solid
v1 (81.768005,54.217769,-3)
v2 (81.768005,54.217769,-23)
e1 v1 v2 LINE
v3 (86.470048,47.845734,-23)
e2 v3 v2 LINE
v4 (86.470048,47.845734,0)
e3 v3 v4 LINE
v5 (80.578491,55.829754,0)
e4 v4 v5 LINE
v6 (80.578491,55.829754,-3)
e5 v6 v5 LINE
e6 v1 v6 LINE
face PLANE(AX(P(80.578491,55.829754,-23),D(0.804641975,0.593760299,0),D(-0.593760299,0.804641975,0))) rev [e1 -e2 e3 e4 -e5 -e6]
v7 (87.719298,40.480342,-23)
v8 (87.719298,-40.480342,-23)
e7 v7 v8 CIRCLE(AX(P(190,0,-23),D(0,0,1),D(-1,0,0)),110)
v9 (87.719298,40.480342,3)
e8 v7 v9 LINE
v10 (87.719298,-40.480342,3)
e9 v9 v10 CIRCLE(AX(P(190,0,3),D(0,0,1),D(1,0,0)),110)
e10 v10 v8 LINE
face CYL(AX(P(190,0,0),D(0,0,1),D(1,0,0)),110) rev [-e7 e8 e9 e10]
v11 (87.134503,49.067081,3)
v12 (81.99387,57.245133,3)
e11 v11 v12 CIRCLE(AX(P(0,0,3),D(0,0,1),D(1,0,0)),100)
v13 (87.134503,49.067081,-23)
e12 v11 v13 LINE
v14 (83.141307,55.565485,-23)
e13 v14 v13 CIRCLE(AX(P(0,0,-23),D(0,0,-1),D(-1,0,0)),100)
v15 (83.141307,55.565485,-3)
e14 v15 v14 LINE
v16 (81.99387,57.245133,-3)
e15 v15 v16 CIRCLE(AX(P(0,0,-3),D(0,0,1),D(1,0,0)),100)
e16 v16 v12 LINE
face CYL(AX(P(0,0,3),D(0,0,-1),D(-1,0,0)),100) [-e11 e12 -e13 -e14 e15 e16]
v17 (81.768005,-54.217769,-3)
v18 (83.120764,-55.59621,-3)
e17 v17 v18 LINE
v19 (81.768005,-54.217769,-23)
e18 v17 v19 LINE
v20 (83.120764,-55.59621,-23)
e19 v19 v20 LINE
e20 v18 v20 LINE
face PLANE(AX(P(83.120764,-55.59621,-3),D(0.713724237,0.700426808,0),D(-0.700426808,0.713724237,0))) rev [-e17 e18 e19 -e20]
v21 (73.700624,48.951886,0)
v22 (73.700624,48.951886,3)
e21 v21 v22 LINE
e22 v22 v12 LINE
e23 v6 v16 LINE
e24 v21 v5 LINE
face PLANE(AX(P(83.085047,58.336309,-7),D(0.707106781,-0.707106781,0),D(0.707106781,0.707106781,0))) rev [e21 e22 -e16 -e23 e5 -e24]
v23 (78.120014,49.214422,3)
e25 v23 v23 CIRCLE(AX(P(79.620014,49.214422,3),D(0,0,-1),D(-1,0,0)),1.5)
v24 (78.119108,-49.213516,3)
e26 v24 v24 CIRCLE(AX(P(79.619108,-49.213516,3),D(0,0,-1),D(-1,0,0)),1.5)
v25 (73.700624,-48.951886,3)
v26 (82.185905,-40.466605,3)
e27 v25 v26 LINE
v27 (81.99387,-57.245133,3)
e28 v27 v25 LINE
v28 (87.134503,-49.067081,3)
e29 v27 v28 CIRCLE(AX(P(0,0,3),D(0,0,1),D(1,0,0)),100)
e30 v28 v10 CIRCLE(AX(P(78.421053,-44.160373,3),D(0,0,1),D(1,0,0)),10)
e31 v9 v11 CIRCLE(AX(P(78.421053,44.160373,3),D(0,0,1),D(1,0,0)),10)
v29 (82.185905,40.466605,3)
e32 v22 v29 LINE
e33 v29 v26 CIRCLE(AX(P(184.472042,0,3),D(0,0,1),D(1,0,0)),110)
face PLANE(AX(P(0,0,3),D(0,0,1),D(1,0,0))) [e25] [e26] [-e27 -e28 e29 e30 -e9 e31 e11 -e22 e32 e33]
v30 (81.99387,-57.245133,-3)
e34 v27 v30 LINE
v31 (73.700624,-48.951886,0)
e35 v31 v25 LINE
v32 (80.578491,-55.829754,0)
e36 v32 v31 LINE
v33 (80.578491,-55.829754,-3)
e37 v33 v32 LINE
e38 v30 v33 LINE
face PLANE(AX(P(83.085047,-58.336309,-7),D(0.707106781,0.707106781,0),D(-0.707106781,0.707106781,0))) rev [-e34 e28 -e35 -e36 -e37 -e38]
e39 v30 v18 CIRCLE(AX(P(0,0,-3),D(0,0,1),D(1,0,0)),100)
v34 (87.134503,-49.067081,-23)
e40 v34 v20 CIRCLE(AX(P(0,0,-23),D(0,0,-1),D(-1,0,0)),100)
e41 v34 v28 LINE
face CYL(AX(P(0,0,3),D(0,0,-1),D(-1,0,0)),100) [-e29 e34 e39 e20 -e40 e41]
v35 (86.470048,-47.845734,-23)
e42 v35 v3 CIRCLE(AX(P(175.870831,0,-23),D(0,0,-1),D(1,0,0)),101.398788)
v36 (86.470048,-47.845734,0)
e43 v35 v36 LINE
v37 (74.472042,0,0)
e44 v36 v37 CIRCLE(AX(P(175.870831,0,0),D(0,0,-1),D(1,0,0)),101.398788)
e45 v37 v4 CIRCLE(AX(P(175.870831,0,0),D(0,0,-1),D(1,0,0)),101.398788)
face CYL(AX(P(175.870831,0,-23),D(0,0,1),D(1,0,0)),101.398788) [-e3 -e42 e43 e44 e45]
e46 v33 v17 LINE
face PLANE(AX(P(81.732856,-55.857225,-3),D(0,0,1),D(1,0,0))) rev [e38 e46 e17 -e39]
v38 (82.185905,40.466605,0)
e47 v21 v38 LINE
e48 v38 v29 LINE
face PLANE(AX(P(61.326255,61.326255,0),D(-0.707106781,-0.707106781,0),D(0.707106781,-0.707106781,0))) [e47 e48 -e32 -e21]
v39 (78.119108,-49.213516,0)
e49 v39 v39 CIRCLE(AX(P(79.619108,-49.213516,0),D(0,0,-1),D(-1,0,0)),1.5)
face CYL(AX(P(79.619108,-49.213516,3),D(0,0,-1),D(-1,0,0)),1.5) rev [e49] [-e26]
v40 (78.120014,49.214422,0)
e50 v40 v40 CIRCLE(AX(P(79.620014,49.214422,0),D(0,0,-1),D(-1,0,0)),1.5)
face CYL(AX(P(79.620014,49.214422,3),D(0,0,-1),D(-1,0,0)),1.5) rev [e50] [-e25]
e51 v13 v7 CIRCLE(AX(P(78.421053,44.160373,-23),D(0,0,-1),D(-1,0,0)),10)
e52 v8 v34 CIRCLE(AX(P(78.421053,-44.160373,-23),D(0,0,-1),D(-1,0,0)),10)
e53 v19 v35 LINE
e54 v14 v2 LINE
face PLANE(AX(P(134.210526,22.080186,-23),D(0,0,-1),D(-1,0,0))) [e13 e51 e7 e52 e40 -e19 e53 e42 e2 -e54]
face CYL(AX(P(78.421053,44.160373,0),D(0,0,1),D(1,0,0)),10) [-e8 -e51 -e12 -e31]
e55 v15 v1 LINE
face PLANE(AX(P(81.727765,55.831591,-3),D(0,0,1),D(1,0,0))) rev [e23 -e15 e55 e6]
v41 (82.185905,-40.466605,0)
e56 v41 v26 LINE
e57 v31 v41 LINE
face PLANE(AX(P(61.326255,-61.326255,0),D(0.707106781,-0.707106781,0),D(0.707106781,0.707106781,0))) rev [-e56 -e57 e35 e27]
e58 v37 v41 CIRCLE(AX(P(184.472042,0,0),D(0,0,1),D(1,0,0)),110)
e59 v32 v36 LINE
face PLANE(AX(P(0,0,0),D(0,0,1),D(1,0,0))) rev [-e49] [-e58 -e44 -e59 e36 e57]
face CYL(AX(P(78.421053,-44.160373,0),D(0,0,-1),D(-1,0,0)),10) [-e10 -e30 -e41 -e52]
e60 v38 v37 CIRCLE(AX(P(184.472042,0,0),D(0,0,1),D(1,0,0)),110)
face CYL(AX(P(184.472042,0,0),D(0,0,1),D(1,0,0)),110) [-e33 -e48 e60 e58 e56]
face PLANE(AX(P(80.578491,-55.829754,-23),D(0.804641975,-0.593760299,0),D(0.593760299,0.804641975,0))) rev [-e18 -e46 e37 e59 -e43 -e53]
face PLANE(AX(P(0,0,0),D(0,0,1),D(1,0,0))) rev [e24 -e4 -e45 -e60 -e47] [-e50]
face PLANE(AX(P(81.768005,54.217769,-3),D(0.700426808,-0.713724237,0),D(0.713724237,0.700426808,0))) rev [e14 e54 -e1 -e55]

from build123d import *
from build123d.topology import SkipClean

# Parameters (mm, degrees)
CROQUIS1_R              = 100
SALIENTE_EXTRUIR1_DEPTH = 3
CROQUIS3_R              = 110
CORTAR_EXTRUIR1_DEPTH   = 3
REDONDEO1_R             = 10
CORTAR_EXTRUIR6_DEPTH   = 10
CROQUIS12_R             = 1.5
CORTAR_EXTRUIR7_DEPTH   = 142.453172607
CROQUIS9_R              = 1.5
CROQUIS9_W              = 4.5
CROQUIS9_H              = 8
CROQUIS9_W_2            = 8
CROQUIS9_H_2            = 4.5
CORTAR_EXTRUIR5_DEPTH   = 10
CORTAR_EXTRUIR8_DEPTH   = 142.453172607
CROQUIS16_R             = 1.5
CORTAR_EXTRUIR9_DEPTH   = 106.376884656
SALIENTE_EXTRUIR4_DEPTH = 23
SALIENTE_EXTRUIR9_START = 23
SALIENTE_EXTRUIR9_DEPTH = 23
CORTAR_EXTRUIR12_DEPTH  = 20


with BuildPart() as part:
    # Croquis1 → Saliente-Extruir1 (new body)
    with BuildSketch(Plane.XY):
        Circle(CROQUIS1_R)
    extrude(amount=SALIENTE_EXTRUIR1_DEPTH)

    # Croquis3 → Cortar-Extruir1 (cut)
    with BuildSketch(Plane.XY.offset(3)):
        with Locations((190, 0)):
            Circle(CROQUIS3_R)
    extrude(amount=-CORTAR_EXTRUIR1_DEPTH, mode=Mode.SUBTRACT)

    # Redondeo1
    redondeo1_edges = [part.edges().sort_by_distance(p)[0] for p in [
        (89.473684211, -44.659375654, 1.5),
        (89.473684211, 44.659375654, 1.5),
    ]]
    fillet(redondeo1_edges, radius=REDONDEO1_R)

    # Croquis5 → Cortar-Extruir6 (cut)
    with BuildSketch(Plane.XY.offset(3)):
        Polygon((-58.336309448, -83.085046789), (-83.085046789, -58.336309448), (-65.40737726, -40.658639918), (-40.658639918, -65.40737726), align=None)
        Polygon((-83.085046789, 58.336309448), (-58.336309448, 83.085046789), (-40.658639918, 65.40737726), (-65.40737726, 40.658639918), align=None)
        Polygon((58.336309448, -83.085046789), (83.085046789, -58.336309448), (65.40737726, -40.658639918), (40.658639918, -65.40737726), align=None)
        Polygon((58.336309448, 83.085046789), (83.085046789, 58.336309448), (65.40737726, 40.658639918), (40.658639918, 65.40737726), align=None)
    extrude(amount=-CORTAR_EXTRUIR6_DEPTH, mode=Mode.SUBTRACT)

    # Croquis12 → Cortar-Extruir7 (cut, through all)
    with BuildSketch(Plane.XY.offset(3)):
        with Locations((-63.604254904, -36.804908024)):
            Circle(CROQUIS12_R)
        with Locations((-36.804907897, -63.604255031)):
            Circle(CROQUIS12_R)
        with Locations((-47.666068056, -20.866721176)):
            Circle(CROQUIS12_R)
        with Locations((-20.866721049, -47.666068183)):
            Circle(CROQUIS12_R)
        with Locations((47.666068183, 20.866721049)):
            Circle(CROQUIS12_R)
        with Locations((20.866721176, 47.666068056)):
            Circle(CROQUIS12_R)
        with Locations((63.604255031, 36.804907897)):
            Circle(CROQUIS12_R)
        with Locations((36.804908024, 63.604254904)):
            Circle(CROQUIS12_R)
        with Locations((20.866721325, -47.666067908)):
            Circle(CROQUIS12_R)
        with Locations((47.666068332, -20.866720901)):
            Circle(CROQUIS12_R)
        with Locations((63.60425518, -36.804907749)):
            Circle(CROQUIS12_R)
        with Locations((36.804908173, -63.604254756)):
            Circle(CROQUIS12_R)
        with Locations((-63.604254756, 36.804908173)):
            Circle(CROQUIS12_R)
        with Locations((-36.804907749, 63.60425518)):
            Circle(CROQUIS12_R)
        with Locations((-20.866720901, 47.666068332)):
            Circle(CROQUIS12_R)
        with Locations((-47.666067908, 20.866721325)):
            Circle(CROQUIS12_R)
    extrude(amount=-CORTAR_EXTRUIR7_DEPTH, mode=Mode.SUBTRACT)

    # Croquis9 → Cortar-Extruir5 (cut)
    with BuildSketch(Plane.XY.offset(3)):
        with Locations((71.9, -4)):
            Circle(CROQUIS9_R)
        with Locations((35.959143483, 4)):
            Circle(CROQUIS9_R)
        with Locations((71.959143483, 4)):
            Circle(CROQUIS9_R)
        with Locations((35.9, -4)):
            Circle(CROQUIS9_R)
        with Locations((-91.190074744, 4)):
            Circle(CROQUIS9_R)
        with Locations((-91.190074744, -4)):
            Circle(CROQUIS9_R)
        with Locations((-55.190074744, 4)):
            Circle(CROQUIS9_R)
        with Locations((-55.190074744, -4)):
            Circle(CROQUIS9_R)
        with Locations((-4, 85)):
            Circle(CROQUIS9_R)
        with Locations((4, 85)):
            Circle(CROQUIS9_R)
        with Locations((-4, 49)):
            Circle(CROQUIS9_R)
        with Locations((4, 49)):
            Circle(CROQUIS9_R)
        with Locations((-4, -49)):
            Circle(CROQUIS9_R)
        with Locations((4, -49)):
            Circle(CROQUIS9_R)
        with Locations((4, -85)):
            Circle(CROQUIS9_R)
        with Locations((-4, -85)):
            Circle(CROQUIS9_R)
        with Locations((41.209143483, 0)):
            Rectangle(CROQUIS9_W, CROQUIS9_H)
        with Locations((0, -54.25)):
            Rectangle(CROQUIS9_W_2, CROQUIS9_H_2)
        with Locations((-60.440074744, 0)):
            Rectangle(CROQUIS9_W, CROQUIS9_H)
        with Locations((0, 54.25)):
            Rectangle(CROQUIS9_W_2, CROQUIS9_H_2)
    extrude(amount=-CORTAR_EXTRUIR5_DEPTH, mode=Mode.SUBTRACT)

    # Croquis13 → Cortar-Extruir8 (cut, through all)
    with BuildSketch(Plane.XY.offset(3)):
        with BuildLine():
            Line((40.658639918, 65.40737726), (57.245132907, 81.993870249))
            ThreePointArc((57.245132907, 81.993870249), (0, 100), (-57.245132907, 81.993870249))
            Line((-57.245132907, 81.993870249), (-40.658639918, 65.40737726))
            Line((-40.658639918, 65.40737726), (-65.40737726, 40.658639918))
            Line((-65.40737726, 40.658639918), (-81.993870249, 57.245132907))
            ThreePointArc((-81.993870249, 57.245132907), (-100, 0), (-81.993870249, -57.245132907))
            Line((-81.993870249, -57.245132907), (-65.40737726, -40.658639918))
            Line((-65.40737726, -40.658639918), (-40.658639918, -65.40737726))
            Line((-40.658639918, -65.40737726), (-57.245132907, -81.993870249))
            ThreePointArc((-57.245132907, -81.993870249), (0, -100), (57.245132907, -81.993870249))
            Line((57.245132907, -81.993870249), (40.658639918, -65.40737726))
            Line((40.658639918, -65.40737726), (65.40737726, -40.658639918))
            Line((65.40737726, -40.658639918), (73.700623754, -48.951886413))
            Line((73.700623754, -48.951886413), (82.185905129, -40.466605039))
            ThreePointArc((82.185905129, -40.466605039), (74.472042394, 0), (82.185905129, 40.466605039))
            Line((82.185905129, 40.466605039), (73.700623754, 48.951886413))
            Line((73.700623754, 48.951886413), (65.40737726, 40.658639918))
            Line((65.40737726, 40.658639918), (40.658639918, 65.40737726))
        make_face()
    extrude(amount=-CORTAR_EXTRUIR8_DEPTH, mode=Mode.SUBTRACT)

    # Croquis16 → Cortar-Extruir9 (cut, through all)
    with BuildSketch(Plane(origin=(0, 0, 0), x_dir=(-1, 0, 0), z_dir=(0, 0, -1))):
        with Locations((-79.619107513, -49.213515922)):
            Circle(CROQUIS16_R)
        with Locations((-79.620014024, 49.214422433)):
            Circle(CROQUIS16_R)
    extrude(amount=-CORTAR_EXTRUIR9_DEPTH, mode=Mode.SUBTRACT)

    # Croquis17 → Saliente-Extruir4 (add)
    with SkipClean():  # the faces are left unmerged after this step: merging them gives an invalid solid
        with BuildSketch(Plane(origin=(0, 0, 0), x_dir=(-1, 0, 0), z_dir=(0, 0, -1))):
            with BuildLine():
                ThreePointArc((-87.134502924, 49.067080616), (-74.472042394, 0), (-87.134502924, -49.067080616))
                ThreePointArc((-87.134502924, -49.067080616), (-88.3979419, -44.839843317), (-87.719298246, -40.480341508))
                ThreePointArc((-87.719298246, -40.480341508), (-80, 0), (-87.719298246, 40.480341508))
                ThreePointArc((-87.719298246, 40.480341508), (-88.3979419, 44.839843317), (-87.134502924, 49.067080616))
            make_face()
        extrude(amount=SALIENTE_EXTRUIR4_DEPTH)

    # Croquis19 → Saliente-Extruir9 (add)
    with SkipClean():  # the faces are left unmerged after this step: merging them gives an invalid solid
        with BuildSketch(Plane(origin=(0, 0, 0), x_dir=(-1, 0, 0), z_dir=(0, 0, -1)).offset(SALIENTE_EXTRUIR9_START)):
            with BuildLine():
                Line((-81.993870249, -57.245132907), (-80.578491296, -55.829753954))
                Line((-80.578491296, -55.829753954), (-86.470047942, -47.845734499))
                Line((-86.470047942, -47.845734499), (-87.134502924, -49.067080616))
                ThreePointArc((-87.134502924, -49.067080616), (-84.662989481, -53.218213162), (-81.993870249, -57.245132907))
            make_face()
            with BuildLine():
                Line((-81.993870249, 57.245132907), (-80.578491296, 55.829753954))
                Line((-80.578491296, 55.829753954), (-86.470047942, 47.845734499))
                Line((-86.470047942, 47.845734499), (-87.134502924, 49.067080616))
                ThreePointArc((-87.134502924, 49.067080616), (-84.662989481, 53.218213162), (-81.993870249, 57.245132907))
            make_face()
        extrude(amount=-SALIENTE_EXTRUIR9_DEPTH)

    # Croquis21 → Cortar-Extruir12 (cut)
    with SkipClean():  # the faces are left unmerged after this step: merging them gives an invalid solid
        with BuildSketch(Plane(origin=(0, 0, -23), x_dir=(-1, 0, 0), z_dir=(0, 0, -1))):
            with BuildLine():
                Line((-80.578491296, -55.829753954), (-81.768004725, -54.217769392))
                Line((-81.768004725, -54.217769392), (-83.120763907, -55.596210371))
                ThreePointArc((-83.120763907, -55.596210371), (-82.898820117, -56.654058957), (-81.993870249, -57.245132907))
                Line((-81.993870249, -57.245132907), (-80.578491296, -55.829753954))
            make_face()
            with BuildLine():
                Line((-80.578491296, 55.829753954), (-81.768004725, 54.217769392))
                Line((-81.768004725, 54.217769392), (-83.141306562, 55.565485178))
                ThreePointArc((-83.141306562, 55.565485178), (-82.91545484, 56.642950884), (-81.993870249, 57.245132907))
                Line((-81.993870249, 57.245132907), (-80.578491296, 55.829753954))
            make_face()
        extrude(amount=-CORTAR_EXTRUIR12_DEPTH, mode=Mode.SUBTRACT)


solid = part.part
